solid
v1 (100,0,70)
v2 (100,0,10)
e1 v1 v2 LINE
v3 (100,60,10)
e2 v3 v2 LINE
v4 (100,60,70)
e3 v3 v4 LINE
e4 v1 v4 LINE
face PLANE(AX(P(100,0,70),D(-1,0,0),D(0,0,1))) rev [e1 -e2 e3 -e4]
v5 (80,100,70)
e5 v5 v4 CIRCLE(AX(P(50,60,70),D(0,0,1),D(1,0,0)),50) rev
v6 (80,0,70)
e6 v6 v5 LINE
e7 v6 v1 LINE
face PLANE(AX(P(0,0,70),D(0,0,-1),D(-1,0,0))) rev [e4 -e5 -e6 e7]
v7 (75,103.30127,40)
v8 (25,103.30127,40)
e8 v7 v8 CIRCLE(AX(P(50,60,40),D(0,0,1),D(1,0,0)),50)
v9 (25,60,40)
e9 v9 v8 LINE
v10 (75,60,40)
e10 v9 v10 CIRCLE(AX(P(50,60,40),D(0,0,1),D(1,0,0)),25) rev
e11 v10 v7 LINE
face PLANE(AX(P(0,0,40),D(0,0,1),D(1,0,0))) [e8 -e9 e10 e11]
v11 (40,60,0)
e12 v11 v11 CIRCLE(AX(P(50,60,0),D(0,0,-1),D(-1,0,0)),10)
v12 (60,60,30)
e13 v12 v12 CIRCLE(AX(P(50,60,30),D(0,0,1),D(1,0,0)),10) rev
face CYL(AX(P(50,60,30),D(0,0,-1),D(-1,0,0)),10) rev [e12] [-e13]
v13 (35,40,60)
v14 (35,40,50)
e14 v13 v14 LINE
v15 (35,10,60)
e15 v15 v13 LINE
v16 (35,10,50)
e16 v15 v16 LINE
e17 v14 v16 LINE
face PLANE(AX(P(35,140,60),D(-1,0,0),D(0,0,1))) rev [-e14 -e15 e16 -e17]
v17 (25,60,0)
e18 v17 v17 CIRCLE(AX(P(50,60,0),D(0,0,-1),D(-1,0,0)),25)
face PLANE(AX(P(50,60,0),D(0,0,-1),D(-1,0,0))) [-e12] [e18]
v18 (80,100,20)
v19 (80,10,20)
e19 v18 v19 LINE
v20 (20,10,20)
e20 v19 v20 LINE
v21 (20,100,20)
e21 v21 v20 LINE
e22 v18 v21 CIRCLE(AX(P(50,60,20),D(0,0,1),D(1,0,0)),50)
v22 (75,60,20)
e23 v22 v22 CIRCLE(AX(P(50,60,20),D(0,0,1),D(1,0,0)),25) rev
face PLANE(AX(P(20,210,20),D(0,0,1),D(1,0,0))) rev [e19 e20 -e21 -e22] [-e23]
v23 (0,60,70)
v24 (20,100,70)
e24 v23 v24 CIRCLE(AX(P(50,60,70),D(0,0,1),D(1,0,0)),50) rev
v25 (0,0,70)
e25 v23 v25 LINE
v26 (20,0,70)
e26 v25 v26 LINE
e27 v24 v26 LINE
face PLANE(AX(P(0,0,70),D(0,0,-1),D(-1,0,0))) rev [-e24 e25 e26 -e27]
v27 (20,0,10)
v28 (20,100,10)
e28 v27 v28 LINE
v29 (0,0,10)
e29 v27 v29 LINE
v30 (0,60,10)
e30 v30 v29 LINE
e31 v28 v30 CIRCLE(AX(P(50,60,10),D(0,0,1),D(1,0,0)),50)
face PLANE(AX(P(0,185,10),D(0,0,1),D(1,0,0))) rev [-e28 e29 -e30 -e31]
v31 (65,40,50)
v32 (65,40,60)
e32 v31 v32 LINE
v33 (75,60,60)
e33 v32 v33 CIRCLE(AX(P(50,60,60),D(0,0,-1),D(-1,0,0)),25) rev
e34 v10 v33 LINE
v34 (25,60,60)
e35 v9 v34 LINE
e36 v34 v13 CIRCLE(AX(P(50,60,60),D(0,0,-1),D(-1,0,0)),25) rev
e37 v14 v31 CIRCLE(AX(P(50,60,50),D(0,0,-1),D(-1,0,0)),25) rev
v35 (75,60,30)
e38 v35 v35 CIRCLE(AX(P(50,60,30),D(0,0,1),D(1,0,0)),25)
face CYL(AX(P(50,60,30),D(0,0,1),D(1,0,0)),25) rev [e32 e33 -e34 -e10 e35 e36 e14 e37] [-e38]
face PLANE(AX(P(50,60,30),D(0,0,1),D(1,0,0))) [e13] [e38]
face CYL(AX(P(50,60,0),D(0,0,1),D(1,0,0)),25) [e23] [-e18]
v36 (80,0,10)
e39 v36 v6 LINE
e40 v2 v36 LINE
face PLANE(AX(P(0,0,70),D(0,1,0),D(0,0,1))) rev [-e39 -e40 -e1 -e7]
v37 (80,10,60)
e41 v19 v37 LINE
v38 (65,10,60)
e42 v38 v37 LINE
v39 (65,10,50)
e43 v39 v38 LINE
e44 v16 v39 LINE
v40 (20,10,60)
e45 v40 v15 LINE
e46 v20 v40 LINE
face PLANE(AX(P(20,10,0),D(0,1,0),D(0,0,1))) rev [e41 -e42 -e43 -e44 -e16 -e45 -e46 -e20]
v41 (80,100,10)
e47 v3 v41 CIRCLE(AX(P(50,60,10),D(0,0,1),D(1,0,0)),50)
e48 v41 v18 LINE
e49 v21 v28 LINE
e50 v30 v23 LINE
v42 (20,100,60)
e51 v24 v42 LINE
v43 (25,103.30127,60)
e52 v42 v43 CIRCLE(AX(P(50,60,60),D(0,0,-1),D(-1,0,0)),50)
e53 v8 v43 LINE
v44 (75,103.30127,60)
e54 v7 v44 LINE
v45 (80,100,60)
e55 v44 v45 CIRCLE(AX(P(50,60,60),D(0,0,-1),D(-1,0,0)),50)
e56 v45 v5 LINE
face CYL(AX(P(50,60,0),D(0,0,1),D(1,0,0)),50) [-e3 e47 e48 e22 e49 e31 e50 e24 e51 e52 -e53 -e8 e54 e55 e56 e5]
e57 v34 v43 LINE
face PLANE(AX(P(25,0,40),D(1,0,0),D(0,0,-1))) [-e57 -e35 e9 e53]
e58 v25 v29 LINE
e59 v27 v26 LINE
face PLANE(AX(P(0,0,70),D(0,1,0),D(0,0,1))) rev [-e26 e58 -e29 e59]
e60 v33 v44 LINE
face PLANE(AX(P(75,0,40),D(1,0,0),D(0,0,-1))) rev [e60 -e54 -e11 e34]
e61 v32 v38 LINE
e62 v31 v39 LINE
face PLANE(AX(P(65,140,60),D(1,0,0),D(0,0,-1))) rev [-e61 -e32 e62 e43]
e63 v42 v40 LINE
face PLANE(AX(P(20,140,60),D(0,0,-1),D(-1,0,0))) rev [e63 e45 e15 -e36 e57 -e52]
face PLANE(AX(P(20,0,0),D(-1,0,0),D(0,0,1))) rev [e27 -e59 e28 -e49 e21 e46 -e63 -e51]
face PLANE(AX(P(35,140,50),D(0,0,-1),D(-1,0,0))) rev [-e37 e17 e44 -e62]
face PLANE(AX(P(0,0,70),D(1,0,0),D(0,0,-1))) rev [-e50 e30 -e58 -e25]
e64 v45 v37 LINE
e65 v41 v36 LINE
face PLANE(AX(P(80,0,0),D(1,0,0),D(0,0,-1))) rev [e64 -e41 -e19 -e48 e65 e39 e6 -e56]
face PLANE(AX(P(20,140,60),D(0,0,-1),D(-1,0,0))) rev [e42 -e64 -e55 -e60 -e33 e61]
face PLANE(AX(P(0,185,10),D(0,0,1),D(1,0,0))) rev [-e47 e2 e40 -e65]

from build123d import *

# Parameters (mm, degrees)
SKETCH1_W           = 100
SKETCH1_H           = 110
BOSS_EXTRUDE1_DEPTH = 70
SKETCH2_W           = 60
SKETCH2_H           = 10
CUT_EXTRUDE1_DEPTH  = 70
CUT_EXTRUDE2_DEPTH  = 70
SKETCH4_R           = 10
CUT_EXTRUDE3_DEPTH  = 30
SKETCH5_W           = 100
SKETCH5_H           = 10
CUT_EXTRUDE4_DEPTH  = 185
SKETCH7_W           = 60
SKETCH7_H           = 10
CUT_EXTRUDE5_DEPTH  = 200
SKETCH8_R           = 25
SKETCH8_R_2         = 10
BOSS_EXTRUDE3_DEPTH = 20
SKETCH9_R           = 25
CUT_EXTRUDE7_DEPTH  = 40
CUT_EXTRUDE8_DEPTH  = 30
SKETCH11_W          = 60
SKETCH11_H          = 10
CUT_EXTRUDE9_DEPTH  = 130
SKETCH12_W          = 30
SKETCH12_H          = 10
CUT_EXTRUDE10_DEPTH = 130


with BuildPart() as part:
    # Sketch1 → Boss-Extrude1 (new body)
    with BuildSketch(Plane.XY):
        with Locations((50, 55)):
            Rectangle(SKETCH1_W, SKETCH1_H)
    extrude(amount=BOSS_EXTRUDE1_DEPTH)

    # Sketch2 → Cut-Extrude1 (cut)
    with BuildSketch(Plane.XY.offset(70)):
        with Locations((50, 5)):
            Rectangle(SKETCH2_W, SKETCH2_H)
    extrude(amount=-CUT_EXTRUDE1_DEPTH, mode=Mode.SUBTRACT)

    # Sketch3 → Cut-Extrude2 (cut)
    with BuildSketch(Plane.XY.offset(70)):
        with BuildLine():
            Line((0, 110), (0, 60))
            ThreePointArc((0, 60), (14.644660941, 95.355339059), (50, 110))
            Line((50, 110), (0, 110))
        make_face()
        with BuildLine():
            Line((100, 110), (50, 110))
            ThreePointArc((50, 110), (85.355339059, 95.355339059), (100, 60))
            Line((100, 60), (100, 110))
        make_face()
    extrude(amount=-CUT_EXTRUDE2_DEPTH, mode=Mode.SUBTRACT)

    # Sketch4 → Cut-Extrude3 (cut)
    with BuildSketch(Plane(origin=(0, 0, 0), x_dir=(-1, 0, 0), z_dir=(0, 0, -1))):
        with Locations((-50, 60)):
            Circle(SKETCH4_R)
    extrude(amount=-CUT_EXTRUDE3_DEPTH, mode=Mode.SUBTRACT)

    # Sketch5 → Cut-Extrude4 (cut)
    with BuildSketch(Plane.XZ):
        with Locations((50, 5)):
            Rectangle(SKETCH5_W, SKETCH5_H)
    extrude(amount=-CUT_EXTRUDE4_DEPTH, mode=Mode.SUBTRACT)

    # Sketch7 → Cut-Extrude5 (cut)
    with BuildSketch(Plane(origin=(0, 10, 0), x_dir=(-1, 0, 0), z_dir=(0, -1, 0))):
        with Locations((-50, -15)):
            Rectangle(SKETCH7_W, SKETCH7_H)
    extrude(amount=-CUT_EXTRUDE5_DEPTH, mode=Mode.SUBTRACT)

    # Sketch8 → Boss-Extrude3 (add)
    with BuildSketch(Plane(origin=(0, 0, 20), x_dir=(-1, 0, 0), z_dir=(0, 0, -1))):
        with Locations((-50, 60)):
            Circle(SKETCH8_R)
        with Locations((-50, 60)):
            Circle(SKETCH8_R_2, mode=Mode.SUBTRACT)
    extrude(amount=BOSS_EXTRUDE3_DEPTH)

    # Sketch9 → Cut-Extrude7 (cut)
    with BuildSketch(Plane.XY.offset(70)):
        with Locations((50, 60)):
            Circle(SKETCH9_R)
    extrude(amount=-CUT_EXTRUDE7_DEPTH, mode=Mode.SUBTRACT)

    # Sketch10 → Cut-Extrude8 (cut)
    with BuildSketch(Plane.XY.offset(70)):
        with BuildLine():
            Line((25, 103.301270189), (25, 60))
            ThreePointArc((25, 60), (50, 85), (75, 60))
            Line((75, 60), (75, 103.301270189))
            ThreePointArc((75, 103.301270189), (50, 110), (25, 103.301270189))
        make_face()
    extrude(amount=-CUT_EXTRUDE8_DEPTH, mode=Mode.SUBTRACT)

    # Sketch11 → Cut-Extrude9 (cut)
    with BuildSketch(Plane(origin=(0, 10, 0), x_dir=(-1, 0, 0), z_dir=(0, -1, 0))):
        with Locations((-50, -65)):
            Rectangle(SKETCH11_W, SKETCH11_H)
    extrude(amount=-CUT_EXTRUDE9_DEPTH, mode=Mode.SUBTRACT)

    # Sketch12 → Cut-Extrude10 (cut)
    with BuildSketch(Plane.XZ.offset(-10)):
        with Locations((50, 55)):
            Rectangle(SKETCH12_W, SKETCH12_H)
    extrude(amount=-CUT_EXTRUDE10_DEPTH, mode=Mode.SUBTRACT)


solid = part.part
